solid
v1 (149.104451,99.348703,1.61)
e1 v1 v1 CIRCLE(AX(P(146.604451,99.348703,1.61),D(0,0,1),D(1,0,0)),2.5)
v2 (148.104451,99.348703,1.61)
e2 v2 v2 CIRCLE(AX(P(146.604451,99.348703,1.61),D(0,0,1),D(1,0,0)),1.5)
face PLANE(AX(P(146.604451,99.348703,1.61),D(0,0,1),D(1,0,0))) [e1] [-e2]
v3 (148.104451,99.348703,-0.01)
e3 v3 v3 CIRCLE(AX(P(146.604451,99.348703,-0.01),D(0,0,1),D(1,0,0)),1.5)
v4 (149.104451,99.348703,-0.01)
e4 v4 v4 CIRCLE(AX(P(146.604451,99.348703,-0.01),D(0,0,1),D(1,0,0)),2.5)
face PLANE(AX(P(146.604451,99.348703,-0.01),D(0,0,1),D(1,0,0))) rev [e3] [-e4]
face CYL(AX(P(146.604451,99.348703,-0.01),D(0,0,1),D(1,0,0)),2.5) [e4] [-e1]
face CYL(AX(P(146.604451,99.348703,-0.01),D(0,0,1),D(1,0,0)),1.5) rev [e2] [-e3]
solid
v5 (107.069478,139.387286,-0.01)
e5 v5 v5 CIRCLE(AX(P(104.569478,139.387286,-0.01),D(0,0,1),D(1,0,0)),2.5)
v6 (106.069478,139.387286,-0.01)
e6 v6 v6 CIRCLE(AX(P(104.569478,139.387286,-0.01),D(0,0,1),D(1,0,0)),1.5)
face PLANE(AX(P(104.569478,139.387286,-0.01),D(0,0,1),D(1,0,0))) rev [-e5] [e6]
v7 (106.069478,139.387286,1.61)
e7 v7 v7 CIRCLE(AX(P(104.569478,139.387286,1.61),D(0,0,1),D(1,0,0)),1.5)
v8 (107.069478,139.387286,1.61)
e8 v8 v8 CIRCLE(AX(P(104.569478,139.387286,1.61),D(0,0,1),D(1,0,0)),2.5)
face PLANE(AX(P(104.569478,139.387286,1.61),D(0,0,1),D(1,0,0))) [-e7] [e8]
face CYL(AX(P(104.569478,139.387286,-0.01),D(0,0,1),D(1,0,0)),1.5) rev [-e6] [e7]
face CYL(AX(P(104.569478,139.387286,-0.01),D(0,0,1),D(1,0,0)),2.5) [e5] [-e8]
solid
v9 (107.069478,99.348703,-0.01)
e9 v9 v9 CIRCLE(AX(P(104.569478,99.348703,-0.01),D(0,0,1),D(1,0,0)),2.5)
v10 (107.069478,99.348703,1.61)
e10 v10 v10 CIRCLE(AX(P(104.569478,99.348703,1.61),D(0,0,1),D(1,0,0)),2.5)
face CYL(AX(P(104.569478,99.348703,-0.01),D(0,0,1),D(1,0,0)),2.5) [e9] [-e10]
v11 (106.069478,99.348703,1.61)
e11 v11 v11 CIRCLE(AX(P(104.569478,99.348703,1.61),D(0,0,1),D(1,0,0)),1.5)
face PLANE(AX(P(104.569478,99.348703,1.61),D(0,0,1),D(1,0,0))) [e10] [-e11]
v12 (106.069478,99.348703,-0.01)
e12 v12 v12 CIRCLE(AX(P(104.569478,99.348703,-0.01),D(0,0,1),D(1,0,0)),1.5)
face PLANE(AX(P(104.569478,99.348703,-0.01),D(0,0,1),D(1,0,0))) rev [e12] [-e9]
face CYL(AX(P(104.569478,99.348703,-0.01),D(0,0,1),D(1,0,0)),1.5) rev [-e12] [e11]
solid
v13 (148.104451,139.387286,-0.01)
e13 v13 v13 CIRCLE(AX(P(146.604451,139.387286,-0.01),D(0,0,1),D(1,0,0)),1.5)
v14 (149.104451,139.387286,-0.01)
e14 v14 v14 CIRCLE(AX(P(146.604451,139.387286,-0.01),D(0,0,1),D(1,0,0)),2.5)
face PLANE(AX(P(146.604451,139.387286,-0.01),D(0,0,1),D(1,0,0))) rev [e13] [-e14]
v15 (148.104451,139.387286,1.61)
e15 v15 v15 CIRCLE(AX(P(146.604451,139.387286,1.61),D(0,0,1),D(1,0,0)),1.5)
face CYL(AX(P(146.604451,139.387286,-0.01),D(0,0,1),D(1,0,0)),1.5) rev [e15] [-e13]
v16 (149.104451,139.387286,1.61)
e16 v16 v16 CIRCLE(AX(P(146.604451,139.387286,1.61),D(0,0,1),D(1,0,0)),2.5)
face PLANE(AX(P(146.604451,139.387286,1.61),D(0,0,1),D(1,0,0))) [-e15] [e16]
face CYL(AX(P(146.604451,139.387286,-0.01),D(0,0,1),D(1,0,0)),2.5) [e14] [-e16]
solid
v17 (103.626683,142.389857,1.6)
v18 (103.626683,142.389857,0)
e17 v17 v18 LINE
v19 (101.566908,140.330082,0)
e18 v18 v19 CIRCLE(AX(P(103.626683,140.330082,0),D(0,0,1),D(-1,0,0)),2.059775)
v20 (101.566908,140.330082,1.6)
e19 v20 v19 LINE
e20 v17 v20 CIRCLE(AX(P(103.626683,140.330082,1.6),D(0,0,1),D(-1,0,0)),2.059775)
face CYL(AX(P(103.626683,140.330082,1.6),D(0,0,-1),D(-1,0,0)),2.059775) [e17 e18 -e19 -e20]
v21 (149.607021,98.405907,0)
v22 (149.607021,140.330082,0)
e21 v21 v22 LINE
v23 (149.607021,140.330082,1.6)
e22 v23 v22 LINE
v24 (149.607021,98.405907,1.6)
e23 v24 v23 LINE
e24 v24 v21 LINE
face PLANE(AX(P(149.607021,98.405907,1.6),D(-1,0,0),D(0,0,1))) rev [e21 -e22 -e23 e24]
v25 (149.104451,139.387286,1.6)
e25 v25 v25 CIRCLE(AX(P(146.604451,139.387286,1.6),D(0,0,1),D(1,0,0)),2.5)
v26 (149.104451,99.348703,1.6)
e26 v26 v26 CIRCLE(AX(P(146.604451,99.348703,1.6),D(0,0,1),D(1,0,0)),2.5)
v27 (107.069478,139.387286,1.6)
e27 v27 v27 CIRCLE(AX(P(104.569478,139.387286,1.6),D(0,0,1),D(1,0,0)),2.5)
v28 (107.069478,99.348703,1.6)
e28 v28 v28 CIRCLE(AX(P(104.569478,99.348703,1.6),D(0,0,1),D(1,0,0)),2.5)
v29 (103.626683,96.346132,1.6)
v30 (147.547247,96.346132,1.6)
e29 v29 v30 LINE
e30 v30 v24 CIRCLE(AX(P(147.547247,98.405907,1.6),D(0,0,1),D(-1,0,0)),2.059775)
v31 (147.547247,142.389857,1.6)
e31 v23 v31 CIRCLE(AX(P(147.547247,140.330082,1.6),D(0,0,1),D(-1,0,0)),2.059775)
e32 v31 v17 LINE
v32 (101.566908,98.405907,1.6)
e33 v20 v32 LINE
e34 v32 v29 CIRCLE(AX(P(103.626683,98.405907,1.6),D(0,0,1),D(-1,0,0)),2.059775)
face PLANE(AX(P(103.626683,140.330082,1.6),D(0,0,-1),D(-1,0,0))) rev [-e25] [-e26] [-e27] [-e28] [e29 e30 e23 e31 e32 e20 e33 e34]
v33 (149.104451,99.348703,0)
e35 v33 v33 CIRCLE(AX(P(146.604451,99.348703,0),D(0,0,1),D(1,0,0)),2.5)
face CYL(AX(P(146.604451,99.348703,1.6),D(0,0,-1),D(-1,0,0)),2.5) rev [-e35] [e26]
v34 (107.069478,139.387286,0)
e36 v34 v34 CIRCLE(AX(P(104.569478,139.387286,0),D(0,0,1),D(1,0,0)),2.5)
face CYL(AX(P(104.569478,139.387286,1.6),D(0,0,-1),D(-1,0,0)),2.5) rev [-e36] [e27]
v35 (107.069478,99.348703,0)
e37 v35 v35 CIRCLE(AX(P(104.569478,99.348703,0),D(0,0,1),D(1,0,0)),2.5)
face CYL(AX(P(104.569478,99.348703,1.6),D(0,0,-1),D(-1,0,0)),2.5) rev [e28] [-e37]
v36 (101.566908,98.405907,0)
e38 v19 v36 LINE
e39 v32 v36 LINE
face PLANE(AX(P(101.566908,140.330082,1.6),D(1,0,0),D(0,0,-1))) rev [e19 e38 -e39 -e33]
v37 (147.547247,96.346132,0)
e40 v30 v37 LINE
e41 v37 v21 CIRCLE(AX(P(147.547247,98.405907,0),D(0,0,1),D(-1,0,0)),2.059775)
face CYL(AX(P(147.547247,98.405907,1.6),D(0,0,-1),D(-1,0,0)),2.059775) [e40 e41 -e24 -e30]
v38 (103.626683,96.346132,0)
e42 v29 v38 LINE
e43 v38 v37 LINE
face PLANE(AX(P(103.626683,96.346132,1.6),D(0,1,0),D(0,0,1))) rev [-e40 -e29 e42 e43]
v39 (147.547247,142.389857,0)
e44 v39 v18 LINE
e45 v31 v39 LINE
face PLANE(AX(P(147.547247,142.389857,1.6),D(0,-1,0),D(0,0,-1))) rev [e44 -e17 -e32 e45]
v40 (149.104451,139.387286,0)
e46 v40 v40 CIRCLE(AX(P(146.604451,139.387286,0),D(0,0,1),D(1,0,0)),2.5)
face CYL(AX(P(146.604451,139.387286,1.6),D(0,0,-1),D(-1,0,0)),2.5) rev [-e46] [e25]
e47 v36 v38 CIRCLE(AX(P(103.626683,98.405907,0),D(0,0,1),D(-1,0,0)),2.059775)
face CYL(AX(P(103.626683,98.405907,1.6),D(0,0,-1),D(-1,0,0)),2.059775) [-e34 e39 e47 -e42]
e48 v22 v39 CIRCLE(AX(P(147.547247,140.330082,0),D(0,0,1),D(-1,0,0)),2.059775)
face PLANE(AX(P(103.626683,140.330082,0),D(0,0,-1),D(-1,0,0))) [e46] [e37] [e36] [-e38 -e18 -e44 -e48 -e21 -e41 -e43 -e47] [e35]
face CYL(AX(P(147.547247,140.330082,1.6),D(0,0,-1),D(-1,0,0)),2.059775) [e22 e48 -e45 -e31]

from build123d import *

# Parameters (mm, degrees)
BG_OUTLINE_R                   = 2.5
SALIENTE_EXTRUIR1_DEPTH        = 1.6
CROQUIS5_R                     = 2.5
CROQUIS5_R_2                   = 1.5
SALIENTE_EXTRUIR2_DEPTH        = 0.01
SALIENTE_EXTRUIR2_DEPTH_BACK   = 1.61
SALIENTE_EXTRUIR2_2_DEPTH      = 0.01
SALIENTE_EXTRUIR2_2_DEPTH_BACK = 1.61
SALIENTE_EXTRUIR2_3_DEPTH      = 0.01
SALIENTE_EXTRUIR2_3_DEPTH_BACK = 1.61
SALIENTE_EXTRUIR2_4_DEPTH      = 0.01
SALIENTE_EXTRUIR2_4_DEPTH_BACK = 1.61


with BuildPart() as part:
    # BG_OUTLINE → Saliente-Extruir1 (new body)
    with BuildSketch(Plane.XY):
        with BuildLine():
            Line((101.566907906, 140.330081796), (101.566907906, 98.405907128))
            ThreePointArc((101.566907906, 98.405907128), (102.170201979, 96.949426394), (103.626682714, 96.34613232))
            Line((103.626682714, 96.34613232), (147.547246656, 96.34613232))
            ThreePointArc((147.547246656, 96.34613232), (149.00372739, 96.949426394), (149.607021464, 98.405907128))
            Line((149.607021464, 98.405907128), (149.607021464, 140.330081796))
            ThreePointArc((149.607021464, 140.330081796), (149.00372739, 141.78656253), (147.547246656, 142.389856604))
            Line((147.547246656, 142.389856604), (103.626682714, 142.389856604))
            ThreePointArc((103.626682714, 142.389856604), (102.170201979, 141.78656253), (101.566907906, 140.330081796))
        make_face()
        with Locations((146.604450981, 139.387286121)):
            Circle(BG_OUTLINE_R, mode=Mode.SUBTRACT)
        with Locations((104.569478389, 139.387286121)):
            Circle(BG_OUTLINE_R, mode=Mode.SUBTRACT)
        with Locations((104.569478389, 99.348702803)):
            Circle(BG_OUTLINE_R, mode=Mode.SUBTRACT)
        with Locations((146.604450981, 99.348702803)):
            Circle(BG_OUTLINE_R, mode=Mode.SUBTRACT)
    extrude(amount=SALIENTE_EXTRUIR1_DEPTH)


with BuildPart() as body_2:
    # Croquis5 → Saliente-Extruir2 (new body, two sides)
    with BuildSketch(Plane.XY.offset(1.6)) as saliente_extruir2_sk:
        with Locations((146.604450981, 139.387286121)):
            Circle(CROQUIS5_R)
        with Locations((146.604450981, 139.387286121)):
            Circle(CROQUIS5_R_2, mode=Mode.SUBTRACT)
    extrude(amount=SALIENTE_EXTRUIR2_DEPTH)
    extrude(saliente_extruir2_sk.sketch, amount=-SALIENTE_EXTRUIR2_DEPTH_BACK)


with BuildPart() as body_3:
    # Croquis5 → Saliente-Extruir2 2 (new body, two sides)
    with BuildSketch(Plane.XY.offset(1.6)) as saliente_extruir2_2_sk:
        with Locations((104.569478389, 139.387286121)):
            Circle(CROQUIS5_R)
        with Locations((104.569478389, 139.387286121)):
            Circle(CROQUIS5_R_2, mode=Mode.SUBTRACT)
    extrude(amount=SALIENTE_EXTRUIR2_2_DEPTH)
    extrude(saliente_extruir2_2_sk.sketch, amount=-SALIENTE_EXTRUIR2_2_DEPTH_BACK)


with BuildPart() as body_4:
    # Croquis5 → Saliente-Extruir2 3 (new body, two sides)
    with BuildSketch(Plane.XY.offset(1.6)) as saliente_extruir2_3_sk:
        with Locations((104.569478389, 99.348702803)):
            Circle(CROQUIS5_R)
        with Locations((104.569478389, 99.348702803)):
            Circle(CROQUIS5_R_2, mode=Mode.SUBTRACT)
    extrude(amount=SALIENTE_EXTRUIR2_3_DEPTH)
    extrude(saliente_extruir2_3_sk.sketch, amount=-SALIENTE_EXTRUIR2_3_DEPTH_BACK)


with BuildPart() as body_5:
    # Croquis5 → Saliente-Extruir2 4 (new body, two sides)
    with BuildSketch(Plane.XY.offset(1.6)) as saliente_extruir2_4_sk:
        with Locations((146.604450981, 99.348702803)):
            Circle(CROQUIS5_R)
        with Locations((146.604450981, 99.348702803)):
            Circle(CROQUIS5_R_2, mode=Mode.SUBTRACT)
    extrude(amount=SALIENTE_EXTRUIR2_4_DEPTH)
    extrude(saliente_extruir2_4_sk.sketch, amount=-SALIENTE_EXTRUIR2_4_DEPTH_BACK)


solid = Compound([part.part, body_2.part, body_3.part, body_4.part, body_5.part])
